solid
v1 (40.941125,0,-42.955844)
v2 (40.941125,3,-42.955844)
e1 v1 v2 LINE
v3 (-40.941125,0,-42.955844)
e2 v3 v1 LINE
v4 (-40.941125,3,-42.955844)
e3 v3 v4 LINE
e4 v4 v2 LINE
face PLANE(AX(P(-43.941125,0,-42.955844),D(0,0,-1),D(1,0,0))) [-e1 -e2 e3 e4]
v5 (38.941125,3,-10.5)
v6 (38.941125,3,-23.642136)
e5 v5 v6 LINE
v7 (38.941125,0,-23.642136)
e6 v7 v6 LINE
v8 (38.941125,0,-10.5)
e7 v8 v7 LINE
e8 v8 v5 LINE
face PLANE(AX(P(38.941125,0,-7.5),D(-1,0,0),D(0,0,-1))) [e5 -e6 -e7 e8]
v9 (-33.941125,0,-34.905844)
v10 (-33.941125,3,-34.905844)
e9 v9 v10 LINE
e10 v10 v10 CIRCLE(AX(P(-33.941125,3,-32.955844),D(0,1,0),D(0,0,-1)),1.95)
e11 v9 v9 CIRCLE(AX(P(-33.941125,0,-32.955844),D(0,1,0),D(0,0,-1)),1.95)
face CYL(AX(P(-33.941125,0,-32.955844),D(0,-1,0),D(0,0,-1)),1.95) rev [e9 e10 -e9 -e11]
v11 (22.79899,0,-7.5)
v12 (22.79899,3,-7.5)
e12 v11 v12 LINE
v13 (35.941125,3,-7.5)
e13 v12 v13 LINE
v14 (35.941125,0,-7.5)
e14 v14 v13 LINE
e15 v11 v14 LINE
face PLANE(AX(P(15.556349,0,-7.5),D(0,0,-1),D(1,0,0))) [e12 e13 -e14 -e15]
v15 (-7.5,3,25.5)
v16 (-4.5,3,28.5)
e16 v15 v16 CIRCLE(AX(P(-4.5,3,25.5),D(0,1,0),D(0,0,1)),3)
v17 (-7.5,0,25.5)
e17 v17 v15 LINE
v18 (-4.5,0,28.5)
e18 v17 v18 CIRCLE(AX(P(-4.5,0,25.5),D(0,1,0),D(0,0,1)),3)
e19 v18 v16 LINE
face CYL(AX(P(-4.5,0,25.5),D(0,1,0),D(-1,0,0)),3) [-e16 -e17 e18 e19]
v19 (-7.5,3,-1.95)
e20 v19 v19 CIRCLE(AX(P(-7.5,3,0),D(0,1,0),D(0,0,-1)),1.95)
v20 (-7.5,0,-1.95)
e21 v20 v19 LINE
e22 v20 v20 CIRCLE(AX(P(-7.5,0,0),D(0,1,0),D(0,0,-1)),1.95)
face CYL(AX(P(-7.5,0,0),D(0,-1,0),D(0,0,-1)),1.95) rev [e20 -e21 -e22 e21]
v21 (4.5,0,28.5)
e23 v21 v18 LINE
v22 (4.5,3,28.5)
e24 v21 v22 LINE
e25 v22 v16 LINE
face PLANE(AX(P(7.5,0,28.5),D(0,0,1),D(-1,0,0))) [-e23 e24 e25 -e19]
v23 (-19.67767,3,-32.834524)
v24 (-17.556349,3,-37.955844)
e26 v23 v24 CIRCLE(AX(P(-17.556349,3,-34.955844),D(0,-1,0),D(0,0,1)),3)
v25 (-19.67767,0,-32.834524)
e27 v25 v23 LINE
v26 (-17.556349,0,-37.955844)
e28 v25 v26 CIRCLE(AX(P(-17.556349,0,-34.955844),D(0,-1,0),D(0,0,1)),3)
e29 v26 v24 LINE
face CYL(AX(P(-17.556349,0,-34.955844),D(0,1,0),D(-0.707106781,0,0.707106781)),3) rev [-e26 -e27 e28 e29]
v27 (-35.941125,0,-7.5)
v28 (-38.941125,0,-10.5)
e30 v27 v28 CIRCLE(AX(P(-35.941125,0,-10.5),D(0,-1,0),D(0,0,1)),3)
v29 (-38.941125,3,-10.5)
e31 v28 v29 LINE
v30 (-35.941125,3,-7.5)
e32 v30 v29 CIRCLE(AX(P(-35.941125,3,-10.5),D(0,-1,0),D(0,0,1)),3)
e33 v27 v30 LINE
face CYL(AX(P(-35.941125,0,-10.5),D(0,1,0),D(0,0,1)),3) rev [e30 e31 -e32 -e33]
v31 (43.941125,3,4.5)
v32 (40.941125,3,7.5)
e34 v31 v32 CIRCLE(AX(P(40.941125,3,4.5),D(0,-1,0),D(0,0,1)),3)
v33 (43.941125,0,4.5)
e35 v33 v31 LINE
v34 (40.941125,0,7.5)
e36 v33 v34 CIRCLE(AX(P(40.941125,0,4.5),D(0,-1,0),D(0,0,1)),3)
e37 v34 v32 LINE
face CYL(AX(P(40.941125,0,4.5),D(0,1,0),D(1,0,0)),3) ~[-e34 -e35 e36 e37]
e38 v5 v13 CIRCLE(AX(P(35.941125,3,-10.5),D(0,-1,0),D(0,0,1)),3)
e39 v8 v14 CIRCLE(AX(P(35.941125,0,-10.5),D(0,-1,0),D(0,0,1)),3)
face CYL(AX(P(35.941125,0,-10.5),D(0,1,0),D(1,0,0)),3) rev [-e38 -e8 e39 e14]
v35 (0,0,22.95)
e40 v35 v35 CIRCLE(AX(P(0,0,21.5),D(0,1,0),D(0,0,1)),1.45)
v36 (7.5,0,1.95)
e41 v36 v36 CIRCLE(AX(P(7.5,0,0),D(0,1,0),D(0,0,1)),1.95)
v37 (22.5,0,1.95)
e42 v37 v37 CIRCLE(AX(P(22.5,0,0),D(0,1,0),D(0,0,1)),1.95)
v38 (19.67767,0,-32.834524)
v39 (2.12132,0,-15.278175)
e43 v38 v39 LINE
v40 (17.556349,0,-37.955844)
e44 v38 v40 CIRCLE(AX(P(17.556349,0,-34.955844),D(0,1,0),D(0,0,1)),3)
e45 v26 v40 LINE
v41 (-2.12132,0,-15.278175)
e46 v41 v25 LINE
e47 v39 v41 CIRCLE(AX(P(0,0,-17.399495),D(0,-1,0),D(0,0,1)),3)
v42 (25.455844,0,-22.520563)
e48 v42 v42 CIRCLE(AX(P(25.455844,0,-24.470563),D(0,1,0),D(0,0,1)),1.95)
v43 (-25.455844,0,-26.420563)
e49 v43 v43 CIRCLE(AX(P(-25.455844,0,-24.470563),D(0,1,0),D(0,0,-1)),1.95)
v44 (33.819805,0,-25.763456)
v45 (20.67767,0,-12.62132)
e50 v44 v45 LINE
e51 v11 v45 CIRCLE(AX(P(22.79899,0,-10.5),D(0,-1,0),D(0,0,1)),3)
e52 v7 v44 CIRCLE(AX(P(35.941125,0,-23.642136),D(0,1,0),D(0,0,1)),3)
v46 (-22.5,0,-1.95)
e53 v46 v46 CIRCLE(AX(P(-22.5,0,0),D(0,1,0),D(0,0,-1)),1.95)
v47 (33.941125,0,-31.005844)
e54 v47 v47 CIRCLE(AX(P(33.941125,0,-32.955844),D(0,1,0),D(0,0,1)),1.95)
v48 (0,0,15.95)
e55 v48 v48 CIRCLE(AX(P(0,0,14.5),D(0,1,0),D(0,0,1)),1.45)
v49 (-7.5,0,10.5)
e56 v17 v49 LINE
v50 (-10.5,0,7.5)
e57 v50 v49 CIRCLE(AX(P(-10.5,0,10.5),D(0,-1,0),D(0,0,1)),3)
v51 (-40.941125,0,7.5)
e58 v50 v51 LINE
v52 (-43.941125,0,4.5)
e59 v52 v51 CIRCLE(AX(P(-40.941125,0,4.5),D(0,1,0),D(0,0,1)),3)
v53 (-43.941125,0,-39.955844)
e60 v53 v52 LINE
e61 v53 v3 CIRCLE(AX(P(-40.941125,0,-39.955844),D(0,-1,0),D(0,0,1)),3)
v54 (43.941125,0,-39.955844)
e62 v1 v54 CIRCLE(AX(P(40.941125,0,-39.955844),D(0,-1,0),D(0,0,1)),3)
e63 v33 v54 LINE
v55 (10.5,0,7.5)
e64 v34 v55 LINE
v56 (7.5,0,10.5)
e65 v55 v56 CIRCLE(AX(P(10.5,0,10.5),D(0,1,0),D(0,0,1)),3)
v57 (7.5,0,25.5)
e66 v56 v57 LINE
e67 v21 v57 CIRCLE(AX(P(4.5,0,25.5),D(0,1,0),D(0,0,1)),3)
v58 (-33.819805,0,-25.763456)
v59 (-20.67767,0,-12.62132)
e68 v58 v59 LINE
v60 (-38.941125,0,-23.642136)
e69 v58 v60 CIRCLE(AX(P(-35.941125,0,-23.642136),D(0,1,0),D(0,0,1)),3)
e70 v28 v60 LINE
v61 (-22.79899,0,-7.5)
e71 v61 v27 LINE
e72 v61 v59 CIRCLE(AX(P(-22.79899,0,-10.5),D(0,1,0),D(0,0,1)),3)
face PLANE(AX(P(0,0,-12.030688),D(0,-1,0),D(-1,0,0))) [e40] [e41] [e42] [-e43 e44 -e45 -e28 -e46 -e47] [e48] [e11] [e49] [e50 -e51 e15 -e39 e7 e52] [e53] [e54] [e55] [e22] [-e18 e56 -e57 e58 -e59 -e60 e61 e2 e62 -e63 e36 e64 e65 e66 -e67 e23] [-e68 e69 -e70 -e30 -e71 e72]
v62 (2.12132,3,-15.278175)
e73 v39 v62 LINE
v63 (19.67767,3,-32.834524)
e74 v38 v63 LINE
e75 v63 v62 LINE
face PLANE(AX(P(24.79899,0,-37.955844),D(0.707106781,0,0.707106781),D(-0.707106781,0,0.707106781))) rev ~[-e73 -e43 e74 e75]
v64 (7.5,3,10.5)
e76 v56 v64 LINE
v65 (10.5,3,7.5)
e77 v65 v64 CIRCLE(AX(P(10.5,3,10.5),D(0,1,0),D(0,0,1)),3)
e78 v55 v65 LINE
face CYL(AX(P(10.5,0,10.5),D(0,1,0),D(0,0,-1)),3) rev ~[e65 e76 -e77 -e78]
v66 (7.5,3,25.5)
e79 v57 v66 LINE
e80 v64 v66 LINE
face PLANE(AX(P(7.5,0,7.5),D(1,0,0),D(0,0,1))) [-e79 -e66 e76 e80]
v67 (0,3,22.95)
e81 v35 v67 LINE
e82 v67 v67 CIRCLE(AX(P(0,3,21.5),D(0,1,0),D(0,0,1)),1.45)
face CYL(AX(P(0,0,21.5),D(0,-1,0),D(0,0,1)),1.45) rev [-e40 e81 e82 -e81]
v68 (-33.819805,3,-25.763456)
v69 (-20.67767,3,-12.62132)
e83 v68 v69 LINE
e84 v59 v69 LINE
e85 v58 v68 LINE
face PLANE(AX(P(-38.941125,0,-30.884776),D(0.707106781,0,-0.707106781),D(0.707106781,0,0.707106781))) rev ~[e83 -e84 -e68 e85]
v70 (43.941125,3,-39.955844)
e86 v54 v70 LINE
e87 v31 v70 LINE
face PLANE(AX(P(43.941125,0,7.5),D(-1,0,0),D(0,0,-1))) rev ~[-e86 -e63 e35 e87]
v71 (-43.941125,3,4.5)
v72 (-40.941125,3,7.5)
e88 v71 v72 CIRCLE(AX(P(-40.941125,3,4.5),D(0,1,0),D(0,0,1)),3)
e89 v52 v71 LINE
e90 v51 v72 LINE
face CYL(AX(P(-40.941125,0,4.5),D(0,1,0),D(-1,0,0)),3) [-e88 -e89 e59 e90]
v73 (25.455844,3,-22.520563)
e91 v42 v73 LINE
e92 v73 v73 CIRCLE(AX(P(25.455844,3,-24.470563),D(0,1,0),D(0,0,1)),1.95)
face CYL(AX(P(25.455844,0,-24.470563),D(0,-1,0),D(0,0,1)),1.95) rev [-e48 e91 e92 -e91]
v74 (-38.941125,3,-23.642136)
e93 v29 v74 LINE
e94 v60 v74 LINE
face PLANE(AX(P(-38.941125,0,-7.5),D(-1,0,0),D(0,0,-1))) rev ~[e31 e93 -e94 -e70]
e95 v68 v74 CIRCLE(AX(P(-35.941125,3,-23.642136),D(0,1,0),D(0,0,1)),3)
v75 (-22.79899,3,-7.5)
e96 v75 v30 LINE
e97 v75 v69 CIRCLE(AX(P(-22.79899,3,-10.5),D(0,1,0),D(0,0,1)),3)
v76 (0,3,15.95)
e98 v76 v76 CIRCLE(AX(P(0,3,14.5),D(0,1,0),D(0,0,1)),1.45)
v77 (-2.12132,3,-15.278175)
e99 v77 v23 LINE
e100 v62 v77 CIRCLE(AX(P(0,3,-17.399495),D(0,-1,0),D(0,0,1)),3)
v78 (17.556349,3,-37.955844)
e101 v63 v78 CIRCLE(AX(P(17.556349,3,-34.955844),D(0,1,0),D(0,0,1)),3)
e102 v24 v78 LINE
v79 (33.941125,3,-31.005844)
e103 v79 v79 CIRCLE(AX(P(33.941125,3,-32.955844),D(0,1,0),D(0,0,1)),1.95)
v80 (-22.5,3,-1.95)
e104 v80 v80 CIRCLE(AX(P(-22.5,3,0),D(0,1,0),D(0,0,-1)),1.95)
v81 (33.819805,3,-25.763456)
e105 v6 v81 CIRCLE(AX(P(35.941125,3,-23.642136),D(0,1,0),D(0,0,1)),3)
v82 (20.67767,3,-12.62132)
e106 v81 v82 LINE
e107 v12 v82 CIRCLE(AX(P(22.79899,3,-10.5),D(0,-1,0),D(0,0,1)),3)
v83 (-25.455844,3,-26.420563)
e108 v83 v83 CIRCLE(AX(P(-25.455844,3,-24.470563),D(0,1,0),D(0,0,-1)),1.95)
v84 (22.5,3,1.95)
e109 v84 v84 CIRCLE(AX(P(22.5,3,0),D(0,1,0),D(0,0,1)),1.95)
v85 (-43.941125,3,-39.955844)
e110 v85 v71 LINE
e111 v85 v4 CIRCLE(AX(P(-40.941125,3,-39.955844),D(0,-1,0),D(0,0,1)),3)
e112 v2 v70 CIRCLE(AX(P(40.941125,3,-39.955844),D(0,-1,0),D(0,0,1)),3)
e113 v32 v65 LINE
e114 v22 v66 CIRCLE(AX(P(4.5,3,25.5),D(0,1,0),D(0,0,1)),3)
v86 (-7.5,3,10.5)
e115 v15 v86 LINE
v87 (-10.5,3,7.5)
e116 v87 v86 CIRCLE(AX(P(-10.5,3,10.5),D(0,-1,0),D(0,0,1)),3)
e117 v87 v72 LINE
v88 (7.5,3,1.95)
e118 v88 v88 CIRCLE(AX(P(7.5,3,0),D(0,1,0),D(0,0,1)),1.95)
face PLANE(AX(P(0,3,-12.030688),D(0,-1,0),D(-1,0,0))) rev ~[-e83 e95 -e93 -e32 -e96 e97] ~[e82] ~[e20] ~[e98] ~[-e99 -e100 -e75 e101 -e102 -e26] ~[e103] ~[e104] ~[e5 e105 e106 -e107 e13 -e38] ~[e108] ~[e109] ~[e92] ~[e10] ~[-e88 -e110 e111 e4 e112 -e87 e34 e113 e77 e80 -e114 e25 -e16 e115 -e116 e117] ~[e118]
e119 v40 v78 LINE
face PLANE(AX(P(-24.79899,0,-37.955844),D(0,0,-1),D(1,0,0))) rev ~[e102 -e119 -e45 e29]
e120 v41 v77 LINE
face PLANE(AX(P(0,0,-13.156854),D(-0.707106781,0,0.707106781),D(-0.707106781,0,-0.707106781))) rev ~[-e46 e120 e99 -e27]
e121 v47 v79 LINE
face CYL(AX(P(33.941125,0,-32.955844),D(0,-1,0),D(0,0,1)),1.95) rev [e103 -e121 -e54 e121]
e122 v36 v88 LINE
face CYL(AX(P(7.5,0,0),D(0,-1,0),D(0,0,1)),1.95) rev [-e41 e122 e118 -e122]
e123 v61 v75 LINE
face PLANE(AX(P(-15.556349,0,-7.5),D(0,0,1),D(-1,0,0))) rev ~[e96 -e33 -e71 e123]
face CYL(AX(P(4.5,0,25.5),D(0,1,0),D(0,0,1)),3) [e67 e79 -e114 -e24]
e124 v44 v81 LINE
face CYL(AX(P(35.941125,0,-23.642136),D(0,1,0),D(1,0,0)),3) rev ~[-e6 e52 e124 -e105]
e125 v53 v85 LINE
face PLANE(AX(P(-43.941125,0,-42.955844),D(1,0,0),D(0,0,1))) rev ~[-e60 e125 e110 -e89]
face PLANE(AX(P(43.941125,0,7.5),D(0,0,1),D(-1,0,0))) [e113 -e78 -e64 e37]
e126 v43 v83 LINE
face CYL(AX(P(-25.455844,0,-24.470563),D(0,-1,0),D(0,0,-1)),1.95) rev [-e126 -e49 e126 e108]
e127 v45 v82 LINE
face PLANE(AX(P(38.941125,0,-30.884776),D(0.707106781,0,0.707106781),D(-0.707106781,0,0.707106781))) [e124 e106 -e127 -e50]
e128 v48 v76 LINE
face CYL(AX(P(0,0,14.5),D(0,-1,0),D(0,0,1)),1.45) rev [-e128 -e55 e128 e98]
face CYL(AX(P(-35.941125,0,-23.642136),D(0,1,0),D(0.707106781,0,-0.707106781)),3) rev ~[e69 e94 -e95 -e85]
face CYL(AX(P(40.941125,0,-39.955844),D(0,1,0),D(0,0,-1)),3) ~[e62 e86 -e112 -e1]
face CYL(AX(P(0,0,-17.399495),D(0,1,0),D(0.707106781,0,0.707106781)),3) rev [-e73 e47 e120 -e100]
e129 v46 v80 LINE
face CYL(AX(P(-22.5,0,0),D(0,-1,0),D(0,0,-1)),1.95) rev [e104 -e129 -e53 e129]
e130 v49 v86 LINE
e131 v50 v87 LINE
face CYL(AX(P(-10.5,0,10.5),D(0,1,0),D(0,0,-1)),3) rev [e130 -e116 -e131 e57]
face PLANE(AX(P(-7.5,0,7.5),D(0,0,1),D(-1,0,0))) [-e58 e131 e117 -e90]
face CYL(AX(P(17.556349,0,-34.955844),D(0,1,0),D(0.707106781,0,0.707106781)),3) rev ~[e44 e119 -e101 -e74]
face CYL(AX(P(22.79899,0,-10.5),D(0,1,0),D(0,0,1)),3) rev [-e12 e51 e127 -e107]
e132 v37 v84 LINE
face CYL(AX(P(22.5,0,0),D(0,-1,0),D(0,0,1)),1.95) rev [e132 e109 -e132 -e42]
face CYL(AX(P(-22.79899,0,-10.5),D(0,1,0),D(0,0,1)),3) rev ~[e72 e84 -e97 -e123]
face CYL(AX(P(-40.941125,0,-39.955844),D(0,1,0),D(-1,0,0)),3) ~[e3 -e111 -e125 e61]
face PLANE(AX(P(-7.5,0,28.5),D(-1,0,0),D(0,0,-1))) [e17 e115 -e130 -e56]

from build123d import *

# Parameters (mm, degrees)
SKETCH_2_R      = 1.95
SKETCH_2_R_2    = 1.45
EXTRUDE_3_DEPTH = 3
FILLET_2_R      = 3


with BuildPart() as part:
    # 草图2 → 凸台-拉伸3 (new body)
    with BuildSketch(Plane(origin=(0, 0, 0), x_dir=(1, 0, 0), z_dir=(0, 1, 0))):
        Polygon((-43.941125497, -7.5), (-43.941125497, 7.5), (-43.941125497, 42.955844123), (43.941125497, 42.955844123), (43.941125497, 7.5), (43.941125497, -7.5), (7.5, -7.5), (7.5, -28.5), (-7.5, -28.5), (-7.5, -7.5), align=None)
        with Locations(Location((25.455844123, 24.470562748, 0), (0, 0, 270))):
            Circle(SKETCH_2_R, mode=Mode.SUBTRACT)
        with Locations(Location((33.941125497, 32.955844123, 0), (0, 0, 270))):
            Circle(SKETCH_2_R, mode=Mode.SUBTRACT)
        with Locations(Location((7.5, 0, 0), (0, 0, 270))):
            Circle(SKETCH_2_R, mode=Mode.SUBTRACT)
        with Locations(Location((22.5, 0, 0), (0, 0, 270))):
            Circle(SKETCH_2_R, mode=Mode.SUBTRACT)
        with Locations(Location((-33.941125497, 32.955844123, 0), (0, 0, 90))):
            Circle(SKETCH_2_R, mode=Mode.SUBTRACT)
        with Locations(Location((-25.455844123, 24.470562748, 0), (0, 0, 90))):
            Circle(SKETCH_2_R, mode=Mode.SUBTRACT)
        with Locations(Location((-22.5, 0, 0), (0, 0, 90))):
            Circle(SKETCH_2_R, mode=Mode.SUBTRACT)
        with Locations(Location((-7.5, 0, 0), (0, 0, 90))):
            Circle(SKETCH_2_R, mode=Mode.SUBTRACT)
        with Locations(Location((0, -14.5, 0), (0, 0, 270))):
            Circle(SKETCH_2_R_2, mode=Mode.SUBTRACT)
        with Locations(Location((0, -21.5, 0), (0, 0, 270))):
            Circle(SKETCH_2_R_2, mode=Mode.SUBTRACT)
        Polygon((38.941125497, 30.884776311), (15.556349186, 7.5), (38.941125497, 7.5), align=None, mode=Mode.SUBTRACT)
        Polygon((-15.556349186, 7.5), (-38.941125497, 7.5), (-38.941125497, 30.884776311), align=None, mode=Mode.SUBTRACT)
        Polygon((24.798989873, 37.955844123), (0, 13.156854249), (-24.798989873, 37.955844123), align=None, mode=Mode.SUBTRACT)
    extrude(amount=EXTRUDE_3_DEPTH)

    # 圆角2
    fillet_2_edges = [part.edges().sort_by_distance(p)[0] for p in [
        (43.941125497, 1.5, 7.5),
        (7.5, 1.5, 7.5),
        (7.5, 1.5, 28.5),
        (-7.5, 1.5, 28.5),
        (-7.5, 1.5, 7.5),
        (-43.941125497, 1.5, 7.5),
        (-43.941125497, 1.5, -42.955844123),
        (43.941125497, 1.5, -42.955844123),
        (38.941125497, 1.5, -7.5),
        (38.941125497, 1.5, -30.884776311),
        (15.556349186, 1.5, -7.5),
        (-15.556349186, 1.5, -7.5),
        (-38.941125497, 1.5, -30.884776311),
        (-38.941125497, 1.5, -7.5),
        (24.798989873, 1.5, -37.955844123),
        (-24.798989873, 1.5, -37.955844123),
        (0, 1.5, -13.156854249),
    ]]
    fillet(fillet_2_edges, radius=FILLET_2_R)


solid = part.part
